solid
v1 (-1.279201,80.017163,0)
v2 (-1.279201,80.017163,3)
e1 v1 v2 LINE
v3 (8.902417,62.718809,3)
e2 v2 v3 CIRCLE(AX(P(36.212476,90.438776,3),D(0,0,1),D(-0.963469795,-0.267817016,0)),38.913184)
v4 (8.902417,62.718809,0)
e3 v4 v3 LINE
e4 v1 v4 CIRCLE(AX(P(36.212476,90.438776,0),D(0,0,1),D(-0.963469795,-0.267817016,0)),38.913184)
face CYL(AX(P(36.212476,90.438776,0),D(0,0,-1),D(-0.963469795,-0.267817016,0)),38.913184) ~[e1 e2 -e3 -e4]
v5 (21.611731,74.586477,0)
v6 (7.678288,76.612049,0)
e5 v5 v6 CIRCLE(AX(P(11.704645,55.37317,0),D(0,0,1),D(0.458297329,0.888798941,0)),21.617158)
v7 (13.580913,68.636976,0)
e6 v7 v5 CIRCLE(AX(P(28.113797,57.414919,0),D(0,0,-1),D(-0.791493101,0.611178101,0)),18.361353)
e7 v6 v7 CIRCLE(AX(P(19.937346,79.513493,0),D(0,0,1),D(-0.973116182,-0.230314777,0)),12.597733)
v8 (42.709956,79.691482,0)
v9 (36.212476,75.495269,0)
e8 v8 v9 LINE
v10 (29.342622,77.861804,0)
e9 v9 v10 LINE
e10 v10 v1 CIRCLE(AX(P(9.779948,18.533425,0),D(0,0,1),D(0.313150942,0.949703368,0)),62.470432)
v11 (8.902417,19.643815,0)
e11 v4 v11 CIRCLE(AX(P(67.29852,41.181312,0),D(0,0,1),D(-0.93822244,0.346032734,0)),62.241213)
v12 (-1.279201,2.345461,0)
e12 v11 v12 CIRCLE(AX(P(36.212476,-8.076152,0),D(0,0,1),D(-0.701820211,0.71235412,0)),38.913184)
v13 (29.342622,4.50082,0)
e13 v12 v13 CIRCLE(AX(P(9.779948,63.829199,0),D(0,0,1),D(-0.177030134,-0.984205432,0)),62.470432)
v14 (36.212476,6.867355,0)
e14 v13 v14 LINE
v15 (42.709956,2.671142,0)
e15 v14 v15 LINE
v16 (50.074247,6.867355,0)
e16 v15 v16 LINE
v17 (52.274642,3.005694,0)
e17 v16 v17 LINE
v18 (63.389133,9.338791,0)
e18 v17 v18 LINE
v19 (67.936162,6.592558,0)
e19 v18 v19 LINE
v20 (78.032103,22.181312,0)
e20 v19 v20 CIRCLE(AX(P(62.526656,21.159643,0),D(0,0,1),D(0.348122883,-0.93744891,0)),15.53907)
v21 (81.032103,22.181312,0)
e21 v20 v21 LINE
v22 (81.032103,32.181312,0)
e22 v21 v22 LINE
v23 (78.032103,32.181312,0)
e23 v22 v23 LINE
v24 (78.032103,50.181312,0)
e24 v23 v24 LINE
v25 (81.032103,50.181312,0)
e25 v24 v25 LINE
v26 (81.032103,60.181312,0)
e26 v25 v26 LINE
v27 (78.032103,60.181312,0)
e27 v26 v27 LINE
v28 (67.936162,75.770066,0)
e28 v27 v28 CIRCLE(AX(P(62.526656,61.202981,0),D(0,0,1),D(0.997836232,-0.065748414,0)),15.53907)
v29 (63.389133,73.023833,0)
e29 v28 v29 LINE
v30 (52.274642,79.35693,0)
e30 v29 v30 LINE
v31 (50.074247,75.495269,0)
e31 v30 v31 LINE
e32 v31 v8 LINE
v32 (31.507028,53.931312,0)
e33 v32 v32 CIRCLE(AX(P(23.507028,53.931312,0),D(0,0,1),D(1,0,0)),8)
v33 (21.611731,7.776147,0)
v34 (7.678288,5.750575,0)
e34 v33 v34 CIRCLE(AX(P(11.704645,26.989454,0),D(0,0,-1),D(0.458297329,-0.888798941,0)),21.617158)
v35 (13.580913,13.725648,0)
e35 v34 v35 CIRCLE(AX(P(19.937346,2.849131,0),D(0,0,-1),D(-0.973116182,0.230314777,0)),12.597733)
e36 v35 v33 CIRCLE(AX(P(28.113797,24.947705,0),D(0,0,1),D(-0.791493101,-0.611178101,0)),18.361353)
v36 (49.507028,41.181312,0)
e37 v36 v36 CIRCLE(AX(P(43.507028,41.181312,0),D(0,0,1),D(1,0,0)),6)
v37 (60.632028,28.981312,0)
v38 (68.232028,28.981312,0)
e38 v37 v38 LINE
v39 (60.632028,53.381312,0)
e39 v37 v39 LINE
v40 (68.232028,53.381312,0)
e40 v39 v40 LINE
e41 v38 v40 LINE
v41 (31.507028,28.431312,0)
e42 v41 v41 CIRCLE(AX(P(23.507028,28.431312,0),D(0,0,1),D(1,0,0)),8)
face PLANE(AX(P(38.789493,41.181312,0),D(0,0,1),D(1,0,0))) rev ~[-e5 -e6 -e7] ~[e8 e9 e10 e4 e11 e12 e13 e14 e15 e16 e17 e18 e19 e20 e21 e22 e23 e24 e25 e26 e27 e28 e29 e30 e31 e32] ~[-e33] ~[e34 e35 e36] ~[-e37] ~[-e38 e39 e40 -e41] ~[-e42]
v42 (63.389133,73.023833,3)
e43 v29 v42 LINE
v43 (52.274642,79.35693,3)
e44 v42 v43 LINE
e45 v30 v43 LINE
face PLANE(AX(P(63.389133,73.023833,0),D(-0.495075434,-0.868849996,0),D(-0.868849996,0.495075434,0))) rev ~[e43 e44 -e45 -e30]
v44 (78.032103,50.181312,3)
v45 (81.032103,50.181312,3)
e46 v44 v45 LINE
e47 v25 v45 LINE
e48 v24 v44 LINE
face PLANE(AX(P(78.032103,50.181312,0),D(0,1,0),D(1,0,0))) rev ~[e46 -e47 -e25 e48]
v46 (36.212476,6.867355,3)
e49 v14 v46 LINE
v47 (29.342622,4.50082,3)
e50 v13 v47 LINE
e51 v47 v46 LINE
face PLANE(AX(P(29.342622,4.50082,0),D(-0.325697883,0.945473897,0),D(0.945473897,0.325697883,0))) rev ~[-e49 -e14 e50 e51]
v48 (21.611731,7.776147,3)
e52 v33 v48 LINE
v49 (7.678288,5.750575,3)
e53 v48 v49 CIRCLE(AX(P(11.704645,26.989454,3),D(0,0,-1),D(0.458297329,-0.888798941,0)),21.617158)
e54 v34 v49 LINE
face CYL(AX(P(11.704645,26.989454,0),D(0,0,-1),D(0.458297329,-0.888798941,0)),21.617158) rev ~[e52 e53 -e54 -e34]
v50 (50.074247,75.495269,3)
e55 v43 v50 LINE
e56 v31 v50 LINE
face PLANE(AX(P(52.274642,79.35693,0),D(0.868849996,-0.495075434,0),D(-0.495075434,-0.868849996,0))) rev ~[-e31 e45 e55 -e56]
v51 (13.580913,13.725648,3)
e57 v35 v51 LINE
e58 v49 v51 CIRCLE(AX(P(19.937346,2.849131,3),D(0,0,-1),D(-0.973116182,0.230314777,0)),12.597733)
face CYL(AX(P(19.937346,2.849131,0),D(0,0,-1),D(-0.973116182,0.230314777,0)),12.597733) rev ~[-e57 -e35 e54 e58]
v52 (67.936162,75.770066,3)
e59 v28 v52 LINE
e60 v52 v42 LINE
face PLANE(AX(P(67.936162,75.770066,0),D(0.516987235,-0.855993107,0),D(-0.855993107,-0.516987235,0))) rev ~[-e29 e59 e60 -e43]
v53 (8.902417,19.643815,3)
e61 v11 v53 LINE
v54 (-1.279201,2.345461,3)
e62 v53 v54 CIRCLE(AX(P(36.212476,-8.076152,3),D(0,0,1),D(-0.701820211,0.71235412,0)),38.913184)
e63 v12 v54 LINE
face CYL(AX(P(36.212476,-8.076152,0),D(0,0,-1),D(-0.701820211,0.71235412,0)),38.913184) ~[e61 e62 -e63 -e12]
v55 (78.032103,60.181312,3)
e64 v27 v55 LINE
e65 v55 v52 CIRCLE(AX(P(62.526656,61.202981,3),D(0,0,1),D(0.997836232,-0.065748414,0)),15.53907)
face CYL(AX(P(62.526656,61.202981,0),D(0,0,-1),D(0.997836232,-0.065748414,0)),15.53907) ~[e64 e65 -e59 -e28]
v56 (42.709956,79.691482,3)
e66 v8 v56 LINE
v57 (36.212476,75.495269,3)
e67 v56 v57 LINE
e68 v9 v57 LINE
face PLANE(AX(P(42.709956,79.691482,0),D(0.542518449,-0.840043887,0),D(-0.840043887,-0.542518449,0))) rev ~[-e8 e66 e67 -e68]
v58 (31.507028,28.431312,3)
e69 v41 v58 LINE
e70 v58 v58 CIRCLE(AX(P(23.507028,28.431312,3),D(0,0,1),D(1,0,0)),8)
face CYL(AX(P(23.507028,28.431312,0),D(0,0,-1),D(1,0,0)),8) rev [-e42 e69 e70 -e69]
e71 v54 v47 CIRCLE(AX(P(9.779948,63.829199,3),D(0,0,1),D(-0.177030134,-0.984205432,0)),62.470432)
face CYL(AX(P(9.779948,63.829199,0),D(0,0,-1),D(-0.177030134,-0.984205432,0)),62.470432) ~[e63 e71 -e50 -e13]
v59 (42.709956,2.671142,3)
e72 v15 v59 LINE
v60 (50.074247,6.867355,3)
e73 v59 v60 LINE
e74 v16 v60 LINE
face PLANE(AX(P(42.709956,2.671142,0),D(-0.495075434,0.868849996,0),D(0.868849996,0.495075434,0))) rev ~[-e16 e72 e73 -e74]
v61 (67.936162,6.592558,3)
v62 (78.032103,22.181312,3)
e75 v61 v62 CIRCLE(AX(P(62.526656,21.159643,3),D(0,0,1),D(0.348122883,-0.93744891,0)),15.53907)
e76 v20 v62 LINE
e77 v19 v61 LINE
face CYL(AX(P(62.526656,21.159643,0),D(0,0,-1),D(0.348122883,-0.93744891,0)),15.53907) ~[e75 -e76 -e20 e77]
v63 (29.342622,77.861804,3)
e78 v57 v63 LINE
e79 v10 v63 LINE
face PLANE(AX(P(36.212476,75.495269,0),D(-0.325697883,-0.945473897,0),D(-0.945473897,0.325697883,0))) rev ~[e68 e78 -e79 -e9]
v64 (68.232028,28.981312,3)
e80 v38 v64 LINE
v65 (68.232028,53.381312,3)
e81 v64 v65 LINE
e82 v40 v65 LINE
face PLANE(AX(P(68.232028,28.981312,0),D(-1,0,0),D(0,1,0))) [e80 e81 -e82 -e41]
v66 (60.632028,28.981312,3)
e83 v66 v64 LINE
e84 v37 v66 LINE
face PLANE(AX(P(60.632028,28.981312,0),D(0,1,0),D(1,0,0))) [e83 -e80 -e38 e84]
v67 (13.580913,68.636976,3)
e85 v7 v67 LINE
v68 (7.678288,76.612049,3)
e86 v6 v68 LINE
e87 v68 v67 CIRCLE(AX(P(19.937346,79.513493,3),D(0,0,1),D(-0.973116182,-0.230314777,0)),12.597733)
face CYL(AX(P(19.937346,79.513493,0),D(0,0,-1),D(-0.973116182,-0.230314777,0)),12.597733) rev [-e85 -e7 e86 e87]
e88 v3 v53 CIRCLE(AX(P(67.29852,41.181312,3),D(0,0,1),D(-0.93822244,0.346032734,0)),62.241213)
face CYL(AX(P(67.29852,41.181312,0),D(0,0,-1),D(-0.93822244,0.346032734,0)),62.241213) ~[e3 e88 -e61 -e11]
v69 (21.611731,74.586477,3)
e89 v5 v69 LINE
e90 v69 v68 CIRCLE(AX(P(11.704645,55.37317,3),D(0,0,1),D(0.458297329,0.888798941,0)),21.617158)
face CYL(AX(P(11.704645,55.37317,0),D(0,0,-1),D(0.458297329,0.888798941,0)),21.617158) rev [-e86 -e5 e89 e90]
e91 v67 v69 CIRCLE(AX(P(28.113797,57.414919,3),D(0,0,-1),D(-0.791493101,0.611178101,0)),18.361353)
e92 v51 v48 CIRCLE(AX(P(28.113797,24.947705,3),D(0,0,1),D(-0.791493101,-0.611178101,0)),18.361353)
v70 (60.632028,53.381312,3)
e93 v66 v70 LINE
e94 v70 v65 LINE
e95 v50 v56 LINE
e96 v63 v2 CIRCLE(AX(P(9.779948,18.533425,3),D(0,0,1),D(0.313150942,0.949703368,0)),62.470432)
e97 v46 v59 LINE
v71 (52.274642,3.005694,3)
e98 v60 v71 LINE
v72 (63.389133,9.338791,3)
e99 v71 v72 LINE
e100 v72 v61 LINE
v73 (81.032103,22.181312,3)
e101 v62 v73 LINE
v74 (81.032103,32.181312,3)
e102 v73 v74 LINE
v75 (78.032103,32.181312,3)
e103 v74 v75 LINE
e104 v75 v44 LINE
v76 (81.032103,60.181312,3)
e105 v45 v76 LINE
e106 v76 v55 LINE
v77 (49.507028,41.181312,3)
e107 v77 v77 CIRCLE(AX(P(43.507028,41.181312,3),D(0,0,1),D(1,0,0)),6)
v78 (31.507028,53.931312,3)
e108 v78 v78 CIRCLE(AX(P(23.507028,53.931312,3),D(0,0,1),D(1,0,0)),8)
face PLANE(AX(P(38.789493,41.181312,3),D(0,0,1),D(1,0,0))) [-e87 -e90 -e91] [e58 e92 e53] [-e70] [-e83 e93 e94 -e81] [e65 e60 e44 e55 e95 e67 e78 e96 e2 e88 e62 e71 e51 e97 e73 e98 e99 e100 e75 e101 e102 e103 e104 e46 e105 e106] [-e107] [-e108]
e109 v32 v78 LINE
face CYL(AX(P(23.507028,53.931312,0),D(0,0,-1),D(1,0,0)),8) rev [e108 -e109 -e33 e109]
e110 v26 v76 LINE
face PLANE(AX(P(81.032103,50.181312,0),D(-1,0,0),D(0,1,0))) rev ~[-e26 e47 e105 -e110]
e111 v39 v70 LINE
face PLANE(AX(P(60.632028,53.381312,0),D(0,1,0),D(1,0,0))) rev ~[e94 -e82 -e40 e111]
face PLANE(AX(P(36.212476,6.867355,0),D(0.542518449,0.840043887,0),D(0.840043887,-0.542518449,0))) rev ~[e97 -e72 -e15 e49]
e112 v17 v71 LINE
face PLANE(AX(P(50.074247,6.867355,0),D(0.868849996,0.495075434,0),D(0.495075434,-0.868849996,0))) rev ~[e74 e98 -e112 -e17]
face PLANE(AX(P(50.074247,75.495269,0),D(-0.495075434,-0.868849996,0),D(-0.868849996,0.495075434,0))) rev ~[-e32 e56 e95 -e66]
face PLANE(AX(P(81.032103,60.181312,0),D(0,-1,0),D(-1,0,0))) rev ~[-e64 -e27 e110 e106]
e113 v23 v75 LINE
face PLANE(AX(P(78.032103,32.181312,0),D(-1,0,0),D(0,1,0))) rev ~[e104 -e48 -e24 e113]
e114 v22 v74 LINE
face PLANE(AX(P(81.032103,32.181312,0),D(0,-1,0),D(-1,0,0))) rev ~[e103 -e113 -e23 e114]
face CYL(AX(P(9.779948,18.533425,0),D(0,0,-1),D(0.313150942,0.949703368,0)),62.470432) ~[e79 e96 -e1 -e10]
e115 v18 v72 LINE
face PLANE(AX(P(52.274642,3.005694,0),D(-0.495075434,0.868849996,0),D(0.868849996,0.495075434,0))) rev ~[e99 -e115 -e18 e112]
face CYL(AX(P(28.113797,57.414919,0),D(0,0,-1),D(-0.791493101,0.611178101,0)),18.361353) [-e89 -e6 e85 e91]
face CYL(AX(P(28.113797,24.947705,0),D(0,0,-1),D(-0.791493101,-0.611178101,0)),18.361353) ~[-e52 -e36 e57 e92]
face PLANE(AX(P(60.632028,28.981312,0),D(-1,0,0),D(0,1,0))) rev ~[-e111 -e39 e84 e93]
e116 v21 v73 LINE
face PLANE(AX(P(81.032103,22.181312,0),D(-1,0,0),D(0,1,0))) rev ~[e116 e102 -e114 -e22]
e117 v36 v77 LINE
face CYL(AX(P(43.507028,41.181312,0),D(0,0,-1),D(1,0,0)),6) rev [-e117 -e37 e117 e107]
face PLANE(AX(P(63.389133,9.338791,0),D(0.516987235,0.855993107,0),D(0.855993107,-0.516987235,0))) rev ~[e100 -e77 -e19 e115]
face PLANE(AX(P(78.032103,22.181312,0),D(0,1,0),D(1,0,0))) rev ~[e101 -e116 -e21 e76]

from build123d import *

# Parameters (mm, degrees)
SKETCH2_R           = 8
SKETCH2_R_2         = 6
SKETCH2_W           = 7.6
SKETCH2_H           = 24.4
BOSS_EXTRUDE1_DEPTH = 3


with BuildPart() as part:
    # Sketch2 → Boss-Extrude1 (new body)
    with BuildSketch(Plane.XY):
        with BuildLine():
            Line((81.032103119, 50.181312), (81.032103119, 60.181312))
            Line((81.032103119, 60.181312), (78.032103119, 60.181312))
            ThreePointArc((78.032103119, 60.181312), (75.569321499, 69.649967364), (67.936161846, 75.770065518))
            Line((67.936161846, 75.770065518), (63.389132962, 73.023833254))
            Line((63.389132962, 73.023833254), (52.27464227, 79.356930255))
            Line((52.27464227, 79.356930255), (50.074247047, 75.495269488))
            Line((50.074247047, 75.495269488), (42.709956252, 79.691482274))
            Line((42.709956252, 79.691482274), (36.212476018, 75.495269488))
            Line((36.212476018, 75.495269488), (29.342622159, 77.861804263))
            ThreePointArc((29.342622159, 77.861804263), (14.166162437, 80.849682425), (-1.279201176, 80.017163065))
            ThreePointArc((-1.279201176, 80.017163065), (2.677054283, 70.700200378), (8.902417187, 62.718809041))
            ThreePointArc((8.902417187, 62.718809041), (5.05730693, 41.181312), (8.902417187, 19.643814959))
            ThreePointArc((8.902417187, 19.643814959), (2.677054283, 11.662423622), (-1.279201176, 2.345460935))
            ThreePointArc((-1.279201176, 2.345460935), (14.166162437, 1.512941575), (29.342622159, 4.500819737))
            Line((29.342622159, 4.500819737), (36.212476018, 6.867354512))
            Line((36.212476018, 6.867354512), (42.709956252, 2.671141726))
            Line((42.709956252, 2.671141726), (50.074247047, 6.867354512))
            Line((50.074247047, 6.867354512), (52.27464227, 3.005693745))
            Line((52.27464227, 3.005693745), (63.389132962, 9.338790746))
            Line((63.389132962, 9.338790746), (67.936161846, 6.592558482))
            ThreePointArc((67.936161846, 6.592558482), (75.569321499, 12.712656636), (78.032103119, 22.181312))
            Line((78.032103119, 22.181312), (81.032103119, 22.181312))
            Line((81.032103119, 22.181312), (81.032103119, 32.181312))
            Line((81.032103119, 32.181312), (78.032103119, 32.181312))
            Line((78.032103119, 32.181312), (78.032103119, 50.181312))
            Line((78.032103119, 50.181312), (81.032103119, 50.181312))
        make_face()
        with Locations((23.507028058, 53.931312)):
            Circle(SKETCH2_R, mode=Mode.SUBTRACT)
        with Locations((43.507028058, 41.181312)):
            Circle(SKETCH2_R_2, mode=Mode.SUBTRACT)
        with Locations((23.507028058, 28.431312)):
            Circle(SKETCH2_R, mode=Mode.SUBTRACT)
        with Locations((64.432028058, 41.181312)):
            Rectangle(SKETCH2_W, SKETCH2_H, mode=Mode.SUBTRACT)
        with BuildLine():
            ThreePointArc((21.611730632, 74.586477389), (14.814545044, 76.765459524), (7.678288301, 76.612049032))
            ThreePointArc((7.678288301, 76.612049032), (9.811410227, 72.018941841), (13.580912618, 68.636975763))
            ThreePointArc((13.580912618, 68.636975763), (17.183726984, 72.168659356), (21.611730632, 74.586477389))
        make_face(mode=Mode.SUBTRACT)
        with BuildLine():
            ThreePointArc((7.678288301, 5.750574968), (9.811410227, 10.343682159), (13.580912618, 13.725648237))
            ThreePointArc((13.580912618, 13.725648237), (17.183726984, 10.193964644), (21.611730632, 7.776146611))
            ThreePointArc((21.611730632, 7.776146611), (14.814545044, 5.597164476), (7.678288301, 5.750574968))
        make_face(mode=Mode.SUBTRACT)
    extrude(amount=BOSS_EXTRUDE1_DEPTH)


solid = part.part
